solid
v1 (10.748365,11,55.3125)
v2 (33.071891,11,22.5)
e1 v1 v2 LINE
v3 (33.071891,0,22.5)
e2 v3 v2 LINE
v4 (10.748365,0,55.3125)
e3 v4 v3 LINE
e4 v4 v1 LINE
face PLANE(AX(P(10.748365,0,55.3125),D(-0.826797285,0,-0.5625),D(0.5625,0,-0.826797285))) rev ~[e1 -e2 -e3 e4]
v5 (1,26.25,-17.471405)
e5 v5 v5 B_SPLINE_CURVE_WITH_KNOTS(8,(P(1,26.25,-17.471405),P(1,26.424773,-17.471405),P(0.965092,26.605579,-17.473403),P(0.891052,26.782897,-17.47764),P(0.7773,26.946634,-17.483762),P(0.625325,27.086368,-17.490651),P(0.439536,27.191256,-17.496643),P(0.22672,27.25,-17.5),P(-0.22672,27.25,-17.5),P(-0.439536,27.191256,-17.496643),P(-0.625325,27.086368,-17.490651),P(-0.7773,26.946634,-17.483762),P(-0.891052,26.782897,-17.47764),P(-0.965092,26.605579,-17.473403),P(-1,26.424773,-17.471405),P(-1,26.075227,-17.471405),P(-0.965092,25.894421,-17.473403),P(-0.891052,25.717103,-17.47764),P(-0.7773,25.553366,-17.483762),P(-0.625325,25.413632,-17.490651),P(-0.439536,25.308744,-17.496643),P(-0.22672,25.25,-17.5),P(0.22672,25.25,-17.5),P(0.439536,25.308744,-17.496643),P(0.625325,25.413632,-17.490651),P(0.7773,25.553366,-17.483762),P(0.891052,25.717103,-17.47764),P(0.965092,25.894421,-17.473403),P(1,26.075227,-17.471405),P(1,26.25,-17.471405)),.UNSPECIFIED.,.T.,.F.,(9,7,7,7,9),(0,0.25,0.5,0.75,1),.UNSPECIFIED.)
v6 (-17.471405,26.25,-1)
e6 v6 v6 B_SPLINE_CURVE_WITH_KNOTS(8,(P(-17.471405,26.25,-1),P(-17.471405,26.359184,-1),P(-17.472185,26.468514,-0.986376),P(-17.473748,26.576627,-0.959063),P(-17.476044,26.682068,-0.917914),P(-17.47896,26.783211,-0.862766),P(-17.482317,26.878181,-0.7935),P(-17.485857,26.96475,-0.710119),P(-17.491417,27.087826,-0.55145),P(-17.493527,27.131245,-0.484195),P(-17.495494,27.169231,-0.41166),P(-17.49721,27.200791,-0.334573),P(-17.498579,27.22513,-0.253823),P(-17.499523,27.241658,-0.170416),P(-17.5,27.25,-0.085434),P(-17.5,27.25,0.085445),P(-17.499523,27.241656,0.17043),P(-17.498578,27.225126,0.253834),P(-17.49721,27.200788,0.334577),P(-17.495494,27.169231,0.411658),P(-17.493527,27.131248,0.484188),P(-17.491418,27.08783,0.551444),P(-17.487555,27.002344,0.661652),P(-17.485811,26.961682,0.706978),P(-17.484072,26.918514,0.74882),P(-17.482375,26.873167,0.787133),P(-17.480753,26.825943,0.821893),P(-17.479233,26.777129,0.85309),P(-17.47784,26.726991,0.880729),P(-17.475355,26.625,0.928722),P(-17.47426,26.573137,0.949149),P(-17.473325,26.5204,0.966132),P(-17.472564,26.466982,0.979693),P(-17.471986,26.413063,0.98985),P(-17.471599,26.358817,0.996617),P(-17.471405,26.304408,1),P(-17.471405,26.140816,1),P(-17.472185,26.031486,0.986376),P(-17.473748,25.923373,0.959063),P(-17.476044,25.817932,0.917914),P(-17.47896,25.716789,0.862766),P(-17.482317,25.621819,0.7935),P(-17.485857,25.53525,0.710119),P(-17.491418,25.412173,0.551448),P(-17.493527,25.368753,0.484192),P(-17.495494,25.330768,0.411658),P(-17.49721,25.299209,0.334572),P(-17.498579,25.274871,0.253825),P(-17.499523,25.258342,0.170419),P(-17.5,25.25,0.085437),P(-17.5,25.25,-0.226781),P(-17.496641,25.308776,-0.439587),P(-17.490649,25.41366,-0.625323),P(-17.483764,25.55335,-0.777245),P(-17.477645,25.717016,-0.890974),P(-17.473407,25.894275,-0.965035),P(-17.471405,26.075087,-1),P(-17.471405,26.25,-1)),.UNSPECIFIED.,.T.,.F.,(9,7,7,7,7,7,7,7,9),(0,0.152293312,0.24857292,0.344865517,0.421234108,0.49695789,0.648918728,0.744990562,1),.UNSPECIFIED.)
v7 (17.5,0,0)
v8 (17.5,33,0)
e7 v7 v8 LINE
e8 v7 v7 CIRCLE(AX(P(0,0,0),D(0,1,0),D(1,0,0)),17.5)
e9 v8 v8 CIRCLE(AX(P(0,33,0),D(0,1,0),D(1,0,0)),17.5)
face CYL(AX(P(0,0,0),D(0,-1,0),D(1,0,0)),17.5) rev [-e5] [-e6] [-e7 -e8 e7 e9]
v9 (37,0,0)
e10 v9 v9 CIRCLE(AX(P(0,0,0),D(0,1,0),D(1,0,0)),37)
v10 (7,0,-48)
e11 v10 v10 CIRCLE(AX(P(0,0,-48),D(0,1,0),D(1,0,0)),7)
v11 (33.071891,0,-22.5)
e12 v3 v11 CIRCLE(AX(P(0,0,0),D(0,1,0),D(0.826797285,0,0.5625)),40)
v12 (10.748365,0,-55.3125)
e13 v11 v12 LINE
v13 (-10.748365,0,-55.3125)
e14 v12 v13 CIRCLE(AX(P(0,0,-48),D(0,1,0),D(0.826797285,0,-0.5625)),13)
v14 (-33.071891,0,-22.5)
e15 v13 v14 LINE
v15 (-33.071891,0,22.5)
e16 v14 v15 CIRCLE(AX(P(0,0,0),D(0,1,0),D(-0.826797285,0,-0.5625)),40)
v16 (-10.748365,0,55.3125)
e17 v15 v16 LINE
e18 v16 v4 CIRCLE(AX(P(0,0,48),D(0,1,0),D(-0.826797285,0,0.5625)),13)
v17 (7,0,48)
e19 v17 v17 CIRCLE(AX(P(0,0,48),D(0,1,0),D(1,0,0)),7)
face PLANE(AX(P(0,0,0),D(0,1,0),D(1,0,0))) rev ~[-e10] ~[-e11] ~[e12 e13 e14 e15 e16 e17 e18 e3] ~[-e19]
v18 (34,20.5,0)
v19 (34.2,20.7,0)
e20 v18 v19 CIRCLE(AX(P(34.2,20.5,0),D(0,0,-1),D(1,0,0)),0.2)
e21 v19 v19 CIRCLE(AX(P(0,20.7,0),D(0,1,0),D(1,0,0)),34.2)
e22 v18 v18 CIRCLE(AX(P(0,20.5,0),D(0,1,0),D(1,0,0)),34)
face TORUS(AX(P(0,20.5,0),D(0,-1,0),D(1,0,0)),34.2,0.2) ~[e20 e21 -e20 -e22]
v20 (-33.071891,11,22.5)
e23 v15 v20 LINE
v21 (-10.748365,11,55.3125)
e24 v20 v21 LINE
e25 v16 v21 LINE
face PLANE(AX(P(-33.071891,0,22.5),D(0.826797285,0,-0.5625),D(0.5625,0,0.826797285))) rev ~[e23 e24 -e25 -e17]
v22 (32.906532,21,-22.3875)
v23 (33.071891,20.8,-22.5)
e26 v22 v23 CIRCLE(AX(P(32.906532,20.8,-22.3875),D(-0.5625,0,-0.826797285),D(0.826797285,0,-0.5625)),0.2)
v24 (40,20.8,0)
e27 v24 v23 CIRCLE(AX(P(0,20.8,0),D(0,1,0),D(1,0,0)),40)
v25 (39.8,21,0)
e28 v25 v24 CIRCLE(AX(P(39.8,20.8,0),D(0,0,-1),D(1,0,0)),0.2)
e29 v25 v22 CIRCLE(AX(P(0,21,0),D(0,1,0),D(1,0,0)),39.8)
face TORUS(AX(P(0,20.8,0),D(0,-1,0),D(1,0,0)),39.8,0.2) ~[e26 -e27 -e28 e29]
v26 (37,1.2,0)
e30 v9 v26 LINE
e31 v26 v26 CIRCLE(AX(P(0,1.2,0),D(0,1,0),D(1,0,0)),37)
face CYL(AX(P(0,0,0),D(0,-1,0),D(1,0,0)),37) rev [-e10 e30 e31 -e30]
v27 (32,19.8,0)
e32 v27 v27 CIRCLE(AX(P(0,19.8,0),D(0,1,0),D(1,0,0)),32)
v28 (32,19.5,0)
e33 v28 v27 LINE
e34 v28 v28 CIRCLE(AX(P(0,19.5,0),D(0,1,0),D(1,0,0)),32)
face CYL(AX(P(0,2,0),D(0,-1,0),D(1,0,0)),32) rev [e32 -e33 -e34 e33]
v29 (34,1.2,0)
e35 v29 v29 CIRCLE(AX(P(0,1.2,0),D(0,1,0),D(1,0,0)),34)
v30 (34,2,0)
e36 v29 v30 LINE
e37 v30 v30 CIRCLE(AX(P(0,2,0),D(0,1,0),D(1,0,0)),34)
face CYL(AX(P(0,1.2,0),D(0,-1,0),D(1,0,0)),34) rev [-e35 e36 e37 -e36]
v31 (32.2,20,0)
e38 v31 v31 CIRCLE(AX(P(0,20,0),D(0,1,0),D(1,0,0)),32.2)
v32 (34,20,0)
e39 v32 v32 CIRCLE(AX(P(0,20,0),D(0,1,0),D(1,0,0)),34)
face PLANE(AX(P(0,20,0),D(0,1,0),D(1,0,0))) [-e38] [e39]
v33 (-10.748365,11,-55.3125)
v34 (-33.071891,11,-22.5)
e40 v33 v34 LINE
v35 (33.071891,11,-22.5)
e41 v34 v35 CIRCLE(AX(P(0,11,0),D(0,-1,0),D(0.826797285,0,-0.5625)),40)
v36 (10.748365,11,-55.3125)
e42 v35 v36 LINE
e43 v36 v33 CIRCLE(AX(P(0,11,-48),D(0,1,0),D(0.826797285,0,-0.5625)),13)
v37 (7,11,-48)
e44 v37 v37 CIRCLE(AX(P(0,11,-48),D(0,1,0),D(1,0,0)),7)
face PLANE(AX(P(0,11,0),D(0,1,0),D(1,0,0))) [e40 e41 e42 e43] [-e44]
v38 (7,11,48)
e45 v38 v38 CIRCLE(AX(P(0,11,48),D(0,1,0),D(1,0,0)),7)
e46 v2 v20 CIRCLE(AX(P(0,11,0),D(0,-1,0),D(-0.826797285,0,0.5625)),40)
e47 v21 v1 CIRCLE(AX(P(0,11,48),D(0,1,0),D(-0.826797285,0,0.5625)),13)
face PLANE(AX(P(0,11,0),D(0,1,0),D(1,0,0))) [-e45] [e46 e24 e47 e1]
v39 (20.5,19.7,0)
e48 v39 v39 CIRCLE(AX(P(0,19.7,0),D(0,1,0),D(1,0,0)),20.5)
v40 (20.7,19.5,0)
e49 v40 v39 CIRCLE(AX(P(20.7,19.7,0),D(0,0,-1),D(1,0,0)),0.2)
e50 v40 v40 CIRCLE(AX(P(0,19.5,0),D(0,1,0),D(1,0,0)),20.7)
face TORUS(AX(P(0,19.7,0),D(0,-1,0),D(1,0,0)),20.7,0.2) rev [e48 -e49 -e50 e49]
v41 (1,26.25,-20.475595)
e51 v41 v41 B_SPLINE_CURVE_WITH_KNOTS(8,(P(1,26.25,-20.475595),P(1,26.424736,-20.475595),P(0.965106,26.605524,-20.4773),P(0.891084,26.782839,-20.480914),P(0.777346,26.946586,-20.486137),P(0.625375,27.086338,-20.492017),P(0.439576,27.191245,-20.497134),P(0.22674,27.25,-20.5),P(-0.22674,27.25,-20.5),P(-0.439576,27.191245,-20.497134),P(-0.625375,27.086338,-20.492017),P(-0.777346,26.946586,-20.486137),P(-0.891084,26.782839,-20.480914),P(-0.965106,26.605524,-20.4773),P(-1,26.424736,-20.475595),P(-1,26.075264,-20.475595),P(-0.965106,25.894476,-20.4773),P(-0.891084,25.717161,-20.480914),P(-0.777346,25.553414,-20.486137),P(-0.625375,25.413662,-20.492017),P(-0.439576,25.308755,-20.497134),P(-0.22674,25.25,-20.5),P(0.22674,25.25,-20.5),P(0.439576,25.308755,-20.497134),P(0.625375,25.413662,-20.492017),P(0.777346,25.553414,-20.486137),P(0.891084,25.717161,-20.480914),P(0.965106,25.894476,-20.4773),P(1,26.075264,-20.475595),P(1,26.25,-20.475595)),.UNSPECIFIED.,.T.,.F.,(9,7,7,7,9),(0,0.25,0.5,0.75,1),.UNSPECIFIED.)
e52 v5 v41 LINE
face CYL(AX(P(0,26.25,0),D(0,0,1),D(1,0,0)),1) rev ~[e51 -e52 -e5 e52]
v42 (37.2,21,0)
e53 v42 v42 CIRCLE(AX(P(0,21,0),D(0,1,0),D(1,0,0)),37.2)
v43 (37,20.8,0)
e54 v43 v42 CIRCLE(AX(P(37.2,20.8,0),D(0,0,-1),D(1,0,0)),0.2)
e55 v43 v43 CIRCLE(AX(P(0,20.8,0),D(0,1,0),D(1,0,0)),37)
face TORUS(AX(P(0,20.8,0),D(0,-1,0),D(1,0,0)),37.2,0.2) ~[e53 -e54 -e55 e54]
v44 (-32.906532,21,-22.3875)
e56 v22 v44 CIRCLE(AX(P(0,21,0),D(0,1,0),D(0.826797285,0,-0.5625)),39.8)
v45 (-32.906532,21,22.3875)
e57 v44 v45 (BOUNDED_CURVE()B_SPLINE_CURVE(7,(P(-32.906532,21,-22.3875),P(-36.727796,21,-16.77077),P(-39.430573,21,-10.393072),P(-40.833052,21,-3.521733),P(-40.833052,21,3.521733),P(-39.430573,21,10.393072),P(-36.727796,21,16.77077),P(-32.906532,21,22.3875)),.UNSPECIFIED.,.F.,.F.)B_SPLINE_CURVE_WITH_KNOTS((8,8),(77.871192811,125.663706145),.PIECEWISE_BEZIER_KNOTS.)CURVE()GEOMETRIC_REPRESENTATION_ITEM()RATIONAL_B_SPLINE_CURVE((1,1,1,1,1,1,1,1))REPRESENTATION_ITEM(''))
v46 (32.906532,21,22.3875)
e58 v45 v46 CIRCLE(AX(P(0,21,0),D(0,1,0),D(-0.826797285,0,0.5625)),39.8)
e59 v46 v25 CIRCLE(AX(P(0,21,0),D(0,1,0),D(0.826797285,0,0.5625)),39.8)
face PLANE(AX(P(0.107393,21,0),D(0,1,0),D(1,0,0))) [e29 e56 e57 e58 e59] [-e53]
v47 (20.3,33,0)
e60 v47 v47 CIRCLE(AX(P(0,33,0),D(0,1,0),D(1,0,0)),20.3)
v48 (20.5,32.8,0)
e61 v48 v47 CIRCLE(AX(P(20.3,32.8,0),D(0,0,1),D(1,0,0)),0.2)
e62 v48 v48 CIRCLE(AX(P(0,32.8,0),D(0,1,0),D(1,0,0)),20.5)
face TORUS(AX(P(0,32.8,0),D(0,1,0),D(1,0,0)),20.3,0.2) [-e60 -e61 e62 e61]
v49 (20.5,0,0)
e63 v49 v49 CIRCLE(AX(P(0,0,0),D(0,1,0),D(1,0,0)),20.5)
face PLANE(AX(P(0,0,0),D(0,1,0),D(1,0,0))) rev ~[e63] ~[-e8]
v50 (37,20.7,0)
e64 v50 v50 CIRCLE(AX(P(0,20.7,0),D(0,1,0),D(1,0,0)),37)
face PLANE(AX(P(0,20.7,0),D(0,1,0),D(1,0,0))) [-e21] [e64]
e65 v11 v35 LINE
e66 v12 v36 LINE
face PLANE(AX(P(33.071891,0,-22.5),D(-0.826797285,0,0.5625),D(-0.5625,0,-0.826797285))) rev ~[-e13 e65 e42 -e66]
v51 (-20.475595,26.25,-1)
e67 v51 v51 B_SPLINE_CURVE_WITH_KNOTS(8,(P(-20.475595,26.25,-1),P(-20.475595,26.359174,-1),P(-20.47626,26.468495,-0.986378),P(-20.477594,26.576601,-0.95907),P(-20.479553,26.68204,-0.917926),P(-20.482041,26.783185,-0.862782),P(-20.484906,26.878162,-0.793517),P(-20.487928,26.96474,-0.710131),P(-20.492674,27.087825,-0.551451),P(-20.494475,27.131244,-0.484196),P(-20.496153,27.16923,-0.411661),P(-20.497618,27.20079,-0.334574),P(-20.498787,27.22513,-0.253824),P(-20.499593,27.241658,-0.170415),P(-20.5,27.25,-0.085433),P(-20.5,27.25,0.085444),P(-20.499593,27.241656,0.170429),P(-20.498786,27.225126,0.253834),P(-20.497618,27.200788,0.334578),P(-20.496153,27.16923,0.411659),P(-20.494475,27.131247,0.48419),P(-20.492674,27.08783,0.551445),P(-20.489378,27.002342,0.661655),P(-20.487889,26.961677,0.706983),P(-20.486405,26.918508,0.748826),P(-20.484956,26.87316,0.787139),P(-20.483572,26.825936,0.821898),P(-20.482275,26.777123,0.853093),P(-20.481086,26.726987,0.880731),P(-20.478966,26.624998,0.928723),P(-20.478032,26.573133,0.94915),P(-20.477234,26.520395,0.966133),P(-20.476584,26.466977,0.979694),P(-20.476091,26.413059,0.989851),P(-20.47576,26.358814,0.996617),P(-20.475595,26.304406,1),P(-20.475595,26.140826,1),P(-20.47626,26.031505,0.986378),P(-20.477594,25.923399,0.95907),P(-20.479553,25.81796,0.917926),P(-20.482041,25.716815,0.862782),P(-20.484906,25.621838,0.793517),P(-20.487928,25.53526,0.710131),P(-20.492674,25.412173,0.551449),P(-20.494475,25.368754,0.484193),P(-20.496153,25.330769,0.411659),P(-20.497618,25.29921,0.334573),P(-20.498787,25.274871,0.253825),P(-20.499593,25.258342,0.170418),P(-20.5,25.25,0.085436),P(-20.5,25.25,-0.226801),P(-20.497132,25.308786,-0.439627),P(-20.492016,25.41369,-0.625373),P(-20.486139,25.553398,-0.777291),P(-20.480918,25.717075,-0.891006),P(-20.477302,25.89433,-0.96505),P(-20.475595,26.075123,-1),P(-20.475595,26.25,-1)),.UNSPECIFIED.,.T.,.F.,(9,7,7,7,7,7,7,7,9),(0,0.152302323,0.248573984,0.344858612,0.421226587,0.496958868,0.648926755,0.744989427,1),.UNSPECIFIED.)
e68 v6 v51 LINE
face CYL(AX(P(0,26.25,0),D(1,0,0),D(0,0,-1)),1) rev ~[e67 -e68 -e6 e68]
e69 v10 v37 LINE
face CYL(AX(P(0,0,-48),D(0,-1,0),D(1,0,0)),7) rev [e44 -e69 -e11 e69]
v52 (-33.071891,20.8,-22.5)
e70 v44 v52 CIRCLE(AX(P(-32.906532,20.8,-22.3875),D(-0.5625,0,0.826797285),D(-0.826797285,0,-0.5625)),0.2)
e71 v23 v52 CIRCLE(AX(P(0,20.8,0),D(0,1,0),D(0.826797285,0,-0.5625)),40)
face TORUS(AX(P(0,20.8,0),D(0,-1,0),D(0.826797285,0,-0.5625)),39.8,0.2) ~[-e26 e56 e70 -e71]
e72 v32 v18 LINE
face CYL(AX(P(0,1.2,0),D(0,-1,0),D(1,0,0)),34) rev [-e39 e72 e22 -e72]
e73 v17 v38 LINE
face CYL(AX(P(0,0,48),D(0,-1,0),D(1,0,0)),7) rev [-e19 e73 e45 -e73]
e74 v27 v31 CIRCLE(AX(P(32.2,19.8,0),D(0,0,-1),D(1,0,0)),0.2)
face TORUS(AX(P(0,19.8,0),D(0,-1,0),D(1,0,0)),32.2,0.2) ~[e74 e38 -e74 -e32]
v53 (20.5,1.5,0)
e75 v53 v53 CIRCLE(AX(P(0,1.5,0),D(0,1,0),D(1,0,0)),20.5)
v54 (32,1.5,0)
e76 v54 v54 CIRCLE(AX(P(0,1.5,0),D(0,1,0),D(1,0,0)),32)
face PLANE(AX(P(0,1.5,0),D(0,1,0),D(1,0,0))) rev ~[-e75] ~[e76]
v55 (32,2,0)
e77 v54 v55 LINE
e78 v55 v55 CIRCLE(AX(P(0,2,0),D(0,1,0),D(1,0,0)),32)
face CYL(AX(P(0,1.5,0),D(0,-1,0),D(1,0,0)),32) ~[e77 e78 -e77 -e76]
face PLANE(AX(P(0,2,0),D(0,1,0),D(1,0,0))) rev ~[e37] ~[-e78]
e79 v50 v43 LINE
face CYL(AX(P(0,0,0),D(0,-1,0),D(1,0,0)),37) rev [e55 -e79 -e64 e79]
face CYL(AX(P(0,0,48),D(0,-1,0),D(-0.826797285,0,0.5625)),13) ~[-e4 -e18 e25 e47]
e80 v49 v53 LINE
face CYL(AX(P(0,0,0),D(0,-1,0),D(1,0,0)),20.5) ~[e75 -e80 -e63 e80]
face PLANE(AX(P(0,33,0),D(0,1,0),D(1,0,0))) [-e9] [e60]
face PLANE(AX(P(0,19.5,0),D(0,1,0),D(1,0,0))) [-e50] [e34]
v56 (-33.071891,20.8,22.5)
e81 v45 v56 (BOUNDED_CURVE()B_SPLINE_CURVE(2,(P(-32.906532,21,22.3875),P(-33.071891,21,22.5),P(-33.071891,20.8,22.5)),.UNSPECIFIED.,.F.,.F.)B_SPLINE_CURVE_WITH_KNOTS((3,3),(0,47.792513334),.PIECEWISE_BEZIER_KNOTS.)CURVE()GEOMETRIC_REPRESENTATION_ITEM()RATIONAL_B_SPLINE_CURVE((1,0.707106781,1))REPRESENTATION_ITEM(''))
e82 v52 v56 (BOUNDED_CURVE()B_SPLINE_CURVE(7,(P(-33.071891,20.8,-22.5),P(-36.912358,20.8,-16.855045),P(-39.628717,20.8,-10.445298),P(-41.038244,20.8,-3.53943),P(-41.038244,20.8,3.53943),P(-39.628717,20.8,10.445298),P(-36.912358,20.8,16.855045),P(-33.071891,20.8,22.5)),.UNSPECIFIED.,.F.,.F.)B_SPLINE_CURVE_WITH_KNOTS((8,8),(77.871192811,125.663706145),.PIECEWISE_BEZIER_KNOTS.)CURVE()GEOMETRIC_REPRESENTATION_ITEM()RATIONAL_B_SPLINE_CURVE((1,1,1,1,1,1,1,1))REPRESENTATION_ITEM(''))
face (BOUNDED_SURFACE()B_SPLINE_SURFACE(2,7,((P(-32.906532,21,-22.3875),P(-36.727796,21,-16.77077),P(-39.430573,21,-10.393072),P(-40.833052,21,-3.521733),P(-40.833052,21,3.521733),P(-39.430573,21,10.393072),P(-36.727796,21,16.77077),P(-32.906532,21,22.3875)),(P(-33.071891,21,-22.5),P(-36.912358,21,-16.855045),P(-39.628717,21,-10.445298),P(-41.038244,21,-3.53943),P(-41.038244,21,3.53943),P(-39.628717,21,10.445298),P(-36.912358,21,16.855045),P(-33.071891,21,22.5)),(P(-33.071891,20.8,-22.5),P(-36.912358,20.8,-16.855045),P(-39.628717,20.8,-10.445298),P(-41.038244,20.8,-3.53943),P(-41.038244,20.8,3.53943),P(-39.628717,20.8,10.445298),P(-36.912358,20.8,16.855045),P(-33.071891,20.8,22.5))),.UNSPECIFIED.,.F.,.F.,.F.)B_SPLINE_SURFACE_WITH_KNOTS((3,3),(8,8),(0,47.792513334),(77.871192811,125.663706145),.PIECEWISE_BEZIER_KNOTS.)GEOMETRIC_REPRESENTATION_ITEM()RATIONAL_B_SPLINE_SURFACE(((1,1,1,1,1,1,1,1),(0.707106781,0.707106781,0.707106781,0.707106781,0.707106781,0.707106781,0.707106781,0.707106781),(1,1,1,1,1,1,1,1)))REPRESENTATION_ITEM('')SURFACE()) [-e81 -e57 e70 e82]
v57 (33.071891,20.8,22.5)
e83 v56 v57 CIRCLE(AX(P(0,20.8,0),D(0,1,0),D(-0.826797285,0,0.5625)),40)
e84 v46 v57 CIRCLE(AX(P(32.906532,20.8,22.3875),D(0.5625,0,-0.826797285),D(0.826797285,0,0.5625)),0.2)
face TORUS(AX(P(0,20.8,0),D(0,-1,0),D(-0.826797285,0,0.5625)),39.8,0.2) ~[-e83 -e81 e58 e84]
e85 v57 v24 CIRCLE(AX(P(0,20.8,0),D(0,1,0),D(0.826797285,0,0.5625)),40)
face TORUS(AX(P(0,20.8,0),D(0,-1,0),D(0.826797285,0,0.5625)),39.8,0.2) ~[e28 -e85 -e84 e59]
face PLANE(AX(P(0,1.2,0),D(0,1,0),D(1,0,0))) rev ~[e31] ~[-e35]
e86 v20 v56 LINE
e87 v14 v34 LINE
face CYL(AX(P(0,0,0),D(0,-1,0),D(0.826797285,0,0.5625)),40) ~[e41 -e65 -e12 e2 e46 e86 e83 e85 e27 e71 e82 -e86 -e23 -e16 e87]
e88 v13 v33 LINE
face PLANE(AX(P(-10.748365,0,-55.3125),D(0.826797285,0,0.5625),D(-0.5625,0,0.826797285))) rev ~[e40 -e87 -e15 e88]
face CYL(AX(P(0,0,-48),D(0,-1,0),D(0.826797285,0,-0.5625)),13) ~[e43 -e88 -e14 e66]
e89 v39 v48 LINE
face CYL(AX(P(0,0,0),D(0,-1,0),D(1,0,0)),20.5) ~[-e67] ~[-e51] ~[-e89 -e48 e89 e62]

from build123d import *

# Parameters (mm, degrees)
SKETCH1_R             = 7
SKETCH1_R_2           = 37
EXTRUDE_A1_DEPTH      = 11
SKETCH1_3_R           = 37
EXTRUDE_A_DEPTH       = 21
SKETCH1_4_R           = 20.5
SKETCH1_4_R_2         = 17.5
EXTRUDE_A0_DEPTH      = 33
BEARING_START         = 2
SKETCH1_7_R           = 34
SKETCH1_7_R_2         = 32
BEARING_OUTER_D_DEPTH = 18
BOSS_EXTRUDE6_START   = 1.2
SKETCH1_8_R           = 37
SKETCH1_8_R_2         = 34
BOSS_EXTRUDE6_DEPTH   = 19.5
BOSS_EXTRUDE7_START   = 1.5
SKETCH1_9_R           = 32
SKETCH1_9_R_2         = 20.5
BOSS_EXTRUDE7_DEPTH   = 18
CUT_EXTRUDE1_REACH    = 82.062
SKETCH2_R             = 1
CUT_EXTRUDE2_REACH    = 82.062
SKETCH3_R             = 1
FILLET1_R             = 0.2
FILLET2_R             = 0.2


with BuildPart() as part:
    # Sketch1 → Extrude A1 (new body)
    with BuildSketch(Plane(origin=(0, 0, 0), x_dir=(1, 0, 0), z_dir=(0, 1, 0))):
        with BuildLine():
            Line((10.748364701, -55.3125), (33.071891388, -22.5))
            ThreePointArc((33.071891388, -22.5), (40, 0), (33.071891388, 22.5))
            Line((33.071891388, 22.5), (10.748364701, 55.3125))
            ThreePointArc((10.748364701, 55.3125), (0, 61), (-10.748364701, 55.3125))
            Line((-10.748364701, 55.3125), (-33.071891388, 22.5))
            ThreePointArc((-33.071891388, 22.5), (-40, 0), (-33.071891388, -22.5))
            Line((-33.071891388, -22.5), (-10.748364701, -55.3125))
            ThreePointArc((-10.748364701, -55.3125), (0, -61), (10.748364701, -55.3125))
        make_face()
        with Locations((0, -48)):
            Circle(SKETCH1_R, mode=Mode.SUBTRACT)
        Circle(SKETCH1_R_2, mode=Mode.SUBTRACT)
        with Locations((0, 48)):
            Circle(SKETCH1_R, mode=Mode.SUBTRACT)
    extrude(amount=EXTRUDE_A1_DEPTH)

    # Sketch1<3> → Extrude A (add)
    with BuildSketch(Plane(origin=(0, 0, 0), x_dir=(1, 0, 0), z_dir=(0, 1, 0))):
        with BuildLine():
            ThreePointArc((-33.071891388, -22.5), (0, -40), (33.071891388, -22.5))
            ThreePointArc((33.071891388, -22.5), (38.228756555, -11.771243445), (40, 0))
            ThreePointArc((40, 0), (38.228756555, 11.771243445), (33.071891388, 22.5))
            ThreePointArc((33.071891388, 22.5), (0, 40), (-33.071891388, 22.5))
            ThreePointArc((-33.071891388, 22.5), (-40, 0), (-33.071891388, -22.5))
        make_face()
        Circle(SKETCH1_3_R, mode=Mode.SUBTRACT)
    extrude(amount=EXTRUDE_A_DEPTH)



with BuildPart() as body_2:
    # Sketch1<4> → Extrude A0 (new body)
    with BuildSketch(Plane(origin=(0, 0, 0), x_dir=(1, 0, 0), z_dir=(0, 1, 0))):
        Circle(SKETCH1_4_R)
        Circle(SKETCH1_4_R_2, mode=Mode.SUBTRACT)
    extrude(amount=EXTRUDE_A0_DEPTH)


with BuildPart() as body_3:
    # Sketch1<7> → Bearing outer d (new body)
    with BuildSketch(Plane(origin=(0, 0, 0), x_dir=(1, 0, 0), z_dir=(0, 1, 0)).offset(BEARING_START)):
        Circle(SKETCH1_7_R)
        Circle(SKETCH1_7_R_2, mode=Mode.SUBTRACT)
    extrude(amount=BEARING_OUTER_D_DEPTH)


with BuildPart() as part_1:
    add(part.part)

    add(body_3.part)  # Boss-Extrude6 merges body 3
    # Sketch1<8> → Boss-Extrude6 (add)
    with BuildSketch(Plane(origin=(0, 0, 0), x_dir=(1, 0, 0), z_dir=(0, 1, 0)).offset(BOSS_EXTRUDE6_START)):
        Circle(SKETCH1_8_R)
        Circle(SKETCH1_8_R_2, mode=Mode.SUBTRACT)
    extrude(amount=BOSS_EXTRUDE6_DEPTH)


    add(body_2.part)  # Boss-Extrude7 merges body 2
    # Sketch1<9> → Boss-Extrude7 (add)
    with BuildSketch(Plane(origin=(0, 0, 0), x_dir=(1, 0, 0), z_dir=(0, 1, 0)).offset(BOSS_EXTRUDE7_START)):
        Circle(SKETCH1_9_R)
        Circle(SKETCH1_9_R_2, mode=Mode.SUBTRACT)
    extrude(amount=BOSS_EXTRUDE7_DEPTH)

    # Sketch2 → Cut-Extrude1 (cut, up to next)
    with BuildSketch(Plane(origin=(0, 0, 0), x_dir=(0, 0, -1), z_dir=(1, 0, 0)), mode=Mode.PRIVATE) as cut_extrude1_sk1:
        with Locations((0, 26.25)):
            Circle(SKETCH2_R)
    cut_extrude1_tool1 = extrude(cut_extrude1_sk1.sketch, amount=-CUT_EXTRUDE1_REACH, mode=Mode.PRIVATE) & part_1.part
    add(cut_extrude1_tool1.solids().sort_by_distance((0, 26.25, 0))[0], mode=Mode.SUBTRACT)

    # Sketch3 → Cut-Extrude2 (cut, up to next)
    with BuildSketch(Plane.XY, mode=Mode.PRIVATE) as cut_extrude2_sk1:
        with Locations((0, 26.25)):
            Circle(SKETCH3_R)
    cut_extrude2_tool1 = extrude(cut_extrude2_sk1.sketch, amount=-CUT_EXTRUDE2_REACH, mode=Mode.PRIVATE) & part_1.part
    add(cut_extrude2_tool1.solids().sort_by_distance((0, 26.25, 0))[0], mode=Mode.SUBTRACT)

    # Fillet1
    fillet1_edges = [part_1.edges().sort_by_distance(p)[0] for p in [
        (-32, 20, 0),
    ]]
    fillet(fillet1_edges, radius=FILLET1_R)

    # Fillet2
    fillet2_edges = [part_1.edges().sort_by_distance(p)[0] for p in [
        (-20.5, 33, 0),
        (-20.5, 19.5, 0),
        (33.071891388, 21, -22.5),
        (-37, 21, 0),
        (-34, 20.7, 0),
    ]]
    fillet(fillet2_edges, radius=FILLET2_R)


solid = part_1.part
